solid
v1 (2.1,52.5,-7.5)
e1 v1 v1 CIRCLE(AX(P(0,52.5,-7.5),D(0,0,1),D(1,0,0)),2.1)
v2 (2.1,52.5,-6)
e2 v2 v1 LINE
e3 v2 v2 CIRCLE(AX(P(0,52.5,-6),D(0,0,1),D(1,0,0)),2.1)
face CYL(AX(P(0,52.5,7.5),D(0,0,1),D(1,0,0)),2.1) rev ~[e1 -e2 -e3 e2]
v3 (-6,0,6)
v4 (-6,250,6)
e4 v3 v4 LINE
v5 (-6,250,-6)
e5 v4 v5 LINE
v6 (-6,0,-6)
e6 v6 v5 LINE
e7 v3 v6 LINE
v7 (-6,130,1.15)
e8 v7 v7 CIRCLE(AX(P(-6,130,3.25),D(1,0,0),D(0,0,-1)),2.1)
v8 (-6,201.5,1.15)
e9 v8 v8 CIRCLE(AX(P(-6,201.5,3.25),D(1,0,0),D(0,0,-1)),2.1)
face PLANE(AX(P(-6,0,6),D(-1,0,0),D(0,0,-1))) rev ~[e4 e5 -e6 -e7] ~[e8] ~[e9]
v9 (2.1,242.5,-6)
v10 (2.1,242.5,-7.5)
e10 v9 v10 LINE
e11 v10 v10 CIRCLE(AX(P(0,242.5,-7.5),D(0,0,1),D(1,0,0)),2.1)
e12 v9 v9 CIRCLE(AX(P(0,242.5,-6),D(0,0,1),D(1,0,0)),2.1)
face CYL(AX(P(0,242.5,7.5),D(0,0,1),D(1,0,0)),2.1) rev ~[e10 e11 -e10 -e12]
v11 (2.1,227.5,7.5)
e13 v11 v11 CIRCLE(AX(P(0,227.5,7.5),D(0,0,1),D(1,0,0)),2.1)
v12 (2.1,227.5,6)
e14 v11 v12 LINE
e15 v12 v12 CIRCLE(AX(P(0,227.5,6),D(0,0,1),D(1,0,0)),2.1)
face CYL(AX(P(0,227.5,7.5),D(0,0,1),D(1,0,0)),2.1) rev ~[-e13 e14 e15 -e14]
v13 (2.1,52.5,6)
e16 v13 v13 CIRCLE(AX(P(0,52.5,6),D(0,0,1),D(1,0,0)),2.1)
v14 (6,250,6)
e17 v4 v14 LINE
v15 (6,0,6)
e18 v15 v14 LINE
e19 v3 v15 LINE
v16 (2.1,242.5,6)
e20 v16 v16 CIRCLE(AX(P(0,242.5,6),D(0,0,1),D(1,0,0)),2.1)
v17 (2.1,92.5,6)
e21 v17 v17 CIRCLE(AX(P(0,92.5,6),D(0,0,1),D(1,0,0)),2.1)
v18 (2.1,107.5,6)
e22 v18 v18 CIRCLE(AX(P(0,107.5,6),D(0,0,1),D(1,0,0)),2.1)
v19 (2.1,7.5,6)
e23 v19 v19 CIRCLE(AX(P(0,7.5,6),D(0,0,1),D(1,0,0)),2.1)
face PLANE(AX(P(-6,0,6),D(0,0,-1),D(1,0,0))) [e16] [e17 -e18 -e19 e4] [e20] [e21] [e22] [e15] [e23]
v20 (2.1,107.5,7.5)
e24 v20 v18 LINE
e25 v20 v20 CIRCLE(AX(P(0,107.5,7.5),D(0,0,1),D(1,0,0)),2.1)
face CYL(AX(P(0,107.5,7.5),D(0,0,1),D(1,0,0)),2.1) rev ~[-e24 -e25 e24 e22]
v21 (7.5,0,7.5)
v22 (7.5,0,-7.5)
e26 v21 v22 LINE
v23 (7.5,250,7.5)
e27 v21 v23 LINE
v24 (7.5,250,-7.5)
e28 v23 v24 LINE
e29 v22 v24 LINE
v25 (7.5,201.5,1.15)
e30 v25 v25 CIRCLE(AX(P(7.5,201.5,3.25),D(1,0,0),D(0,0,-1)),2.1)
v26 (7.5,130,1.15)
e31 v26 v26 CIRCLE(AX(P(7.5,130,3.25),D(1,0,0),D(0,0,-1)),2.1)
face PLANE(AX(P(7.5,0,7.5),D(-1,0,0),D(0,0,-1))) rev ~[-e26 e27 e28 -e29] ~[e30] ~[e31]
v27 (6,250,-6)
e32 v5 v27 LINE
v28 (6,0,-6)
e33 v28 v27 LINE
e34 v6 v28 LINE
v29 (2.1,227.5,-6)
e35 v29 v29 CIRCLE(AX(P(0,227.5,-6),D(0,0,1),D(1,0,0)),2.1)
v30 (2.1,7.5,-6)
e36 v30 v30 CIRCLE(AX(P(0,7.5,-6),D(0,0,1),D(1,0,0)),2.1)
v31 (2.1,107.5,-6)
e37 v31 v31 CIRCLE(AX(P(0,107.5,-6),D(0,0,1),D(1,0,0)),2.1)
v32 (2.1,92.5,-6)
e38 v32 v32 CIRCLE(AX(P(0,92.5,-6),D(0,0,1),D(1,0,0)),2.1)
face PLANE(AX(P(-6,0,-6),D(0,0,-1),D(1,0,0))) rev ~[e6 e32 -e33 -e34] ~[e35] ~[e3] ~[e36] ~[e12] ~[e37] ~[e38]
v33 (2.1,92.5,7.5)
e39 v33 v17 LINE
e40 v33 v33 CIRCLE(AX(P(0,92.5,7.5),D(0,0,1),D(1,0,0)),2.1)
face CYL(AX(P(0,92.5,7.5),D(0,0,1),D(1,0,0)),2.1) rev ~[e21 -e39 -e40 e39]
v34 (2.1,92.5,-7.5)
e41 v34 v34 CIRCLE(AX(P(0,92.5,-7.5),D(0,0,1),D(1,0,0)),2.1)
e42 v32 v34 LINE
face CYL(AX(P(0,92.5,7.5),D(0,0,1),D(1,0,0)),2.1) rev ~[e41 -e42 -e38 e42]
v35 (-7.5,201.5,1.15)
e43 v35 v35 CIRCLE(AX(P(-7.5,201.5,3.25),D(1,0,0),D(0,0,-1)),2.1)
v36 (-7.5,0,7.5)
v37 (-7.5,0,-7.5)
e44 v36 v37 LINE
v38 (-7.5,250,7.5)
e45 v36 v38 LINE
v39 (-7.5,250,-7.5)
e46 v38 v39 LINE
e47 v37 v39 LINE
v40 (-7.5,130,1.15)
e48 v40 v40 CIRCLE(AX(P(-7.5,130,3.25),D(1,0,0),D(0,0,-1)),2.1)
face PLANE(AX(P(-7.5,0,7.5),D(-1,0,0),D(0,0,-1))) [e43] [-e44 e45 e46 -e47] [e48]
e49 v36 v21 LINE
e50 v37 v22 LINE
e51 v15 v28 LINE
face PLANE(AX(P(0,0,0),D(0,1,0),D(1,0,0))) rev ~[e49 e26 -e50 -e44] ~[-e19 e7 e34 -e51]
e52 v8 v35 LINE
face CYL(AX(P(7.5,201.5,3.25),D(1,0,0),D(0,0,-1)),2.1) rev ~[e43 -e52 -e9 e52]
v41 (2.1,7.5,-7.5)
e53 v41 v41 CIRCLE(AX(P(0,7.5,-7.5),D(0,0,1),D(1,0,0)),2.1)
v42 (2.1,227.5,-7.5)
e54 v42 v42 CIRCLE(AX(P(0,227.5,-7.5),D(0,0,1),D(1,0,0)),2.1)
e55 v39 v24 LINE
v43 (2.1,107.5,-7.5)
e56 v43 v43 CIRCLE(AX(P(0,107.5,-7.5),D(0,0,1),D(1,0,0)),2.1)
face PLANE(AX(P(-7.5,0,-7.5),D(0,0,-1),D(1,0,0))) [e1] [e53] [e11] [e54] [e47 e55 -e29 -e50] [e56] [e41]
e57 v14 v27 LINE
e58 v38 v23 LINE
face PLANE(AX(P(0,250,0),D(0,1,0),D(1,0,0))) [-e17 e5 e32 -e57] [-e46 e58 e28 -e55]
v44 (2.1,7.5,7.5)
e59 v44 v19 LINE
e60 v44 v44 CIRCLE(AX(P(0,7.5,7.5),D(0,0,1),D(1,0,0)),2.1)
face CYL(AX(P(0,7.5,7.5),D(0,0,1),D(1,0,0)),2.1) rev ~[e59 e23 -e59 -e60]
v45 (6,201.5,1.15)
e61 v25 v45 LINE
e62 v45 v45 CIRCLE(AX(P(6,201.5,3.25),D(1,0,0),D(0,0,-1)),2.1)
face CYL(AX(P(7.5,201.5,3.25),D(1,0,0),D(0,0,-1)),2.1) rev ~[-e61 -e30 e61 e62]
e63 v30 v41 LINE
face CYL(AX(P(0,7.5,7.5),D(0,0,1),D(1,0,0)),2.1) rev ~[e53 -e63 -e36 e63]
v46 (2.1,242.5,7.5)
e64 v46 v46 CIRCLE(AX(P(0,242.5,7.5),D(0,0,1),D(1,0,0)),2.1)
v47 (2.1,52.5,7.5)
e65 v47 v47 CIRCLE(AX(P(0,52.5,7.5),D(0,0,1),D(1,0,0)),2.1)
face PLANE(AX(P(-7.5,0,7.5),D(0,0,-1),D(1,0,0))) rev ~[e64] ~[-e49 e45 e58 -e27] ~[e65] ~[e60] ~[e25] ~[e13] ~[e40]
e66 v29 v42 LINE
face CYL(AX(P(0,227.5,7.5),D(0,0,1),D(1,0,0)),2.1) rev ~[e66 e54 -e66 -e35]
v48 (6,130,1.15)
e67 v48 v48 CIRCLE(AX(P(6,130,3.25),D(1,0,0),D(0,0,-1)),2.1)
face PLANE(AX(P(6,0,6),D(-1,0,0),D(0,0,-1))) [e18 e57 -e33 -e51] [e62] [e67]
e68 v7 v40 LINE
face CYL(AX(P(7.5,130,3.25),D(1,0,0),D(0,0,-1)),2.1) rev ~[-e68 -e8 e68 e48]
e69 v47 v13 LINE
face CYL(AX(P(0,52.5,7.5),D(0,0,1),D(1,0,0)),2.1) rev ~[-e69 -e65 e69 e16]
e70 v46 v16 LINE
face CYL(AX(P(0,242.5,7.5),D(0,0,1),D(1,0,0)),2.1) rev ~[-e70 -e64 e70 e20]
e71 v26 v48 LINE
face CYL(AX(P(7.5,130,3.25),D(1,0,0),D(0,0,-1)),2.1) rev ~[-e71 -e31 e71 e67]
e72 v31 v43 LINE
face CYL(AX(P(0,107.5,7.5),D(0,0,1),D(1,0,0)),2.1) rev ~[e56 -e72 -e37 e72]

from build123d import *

# Parameters (mm, degrees)
SKETCH_1_W          = 15
SKETCH_1_H          = 15
SKETCH_1_W_2        = 12
SKETCH_1_H_2        = 12
EXTRUDE_1_DEPTH     = 250
SKETCH_2_R          = 2.1
CUT_EXTRUDE_1_DEPTH = 251.561868607
SKETCH_3_R          = 2.1
CUT_EXTRUDE_2_DEPTH = 251.561868607
SKETCH_4_R          = 2.1
CUT_EXTRUDE_3_DEPTH = 251.561868607
SKETCH_5_R          = 2.1
CUT_EXTRUDE_4_DEPTH = 251.561868607


with BuildPart() as part:
    # ｽｹｯﾁ1 → 押し出し-薄板1 (new body)
    with BuildSketch(Plane(origin=(0, 0, 0), x_dir=(1, 0, 0), z_dir=(0, 1, 0))):
        Rectangle(SKETCH_1_W, SKETCH_1_H)
        Rectangle(SKETCH_1_W_2, SKETCH_1_H_2, mode=Mode.SUBTRACT)
    extrude(amount=EXTRUDE_1_DEPTH)

    # ｽｹｯﾁ2 → ｶｯﾄ - 押し出し1 (cut, through all)
    with BuildSketch(Plane.XY.offset(7.5)):
        with Locations((0, 52.5)):
            Circle(SKETCH_2_R)
        with Locations((0, 7.5)):
            Circle(SKETCH_2_R)
    extrude(amount=-CUT_EXTRUDE_1_DEPTH, mode=Mode.SUBTRACT)

    # ｽｹｯﾁ3 → ｶｯﾄ - 押し出し2 (cut, through all)
    with BuildSketch(Plane.XY.offset(7.5)):
        with Locations((0, 107.5)):
            Circle(SKETCH_3_R)
        with Locations((0, 92.5)):
            Circle(SKETCH_3_R)
    extrude(amount=-CUT_EXTRUDE_2_DEPTH, mode=Mode.SUBTRACT)

    # ｽｹｯﾁ4 → ｶｯﾄ - 押し出し3 (cut, through all)
    with BuildSketch(Plane(origin=(7.5, 0, 0), x_dir=(0, 0, -1), z_dir=(1, 0, 0))):
        with Locations((-3.25, 130)):
            Circle(SKETCH_4_R)
        with Locations((-3.25, 201.5)):
            Circle(SKETCH_4_R)
    extrude(amount=-CUT_EXTRUDE_3_DEPTH, mode=Mode.SUBTRACT)

    # ｽｹｯﾁ5 → ｶｯﾄ - 押し出し4 (cut, through all)
    with BuildSketch(Plane.XY.offset(7.5)):
        with Locations((0, 227.5)):
            Circle(SKETCH_5_R)
        with Locations((0, 242.5)):
            Circle(SKETCH_5_R)
    extrude(amount=-CUT_EXTRUDE_4_DEPTH, mode=Mode.SUBTRACT)


solid = part.part
